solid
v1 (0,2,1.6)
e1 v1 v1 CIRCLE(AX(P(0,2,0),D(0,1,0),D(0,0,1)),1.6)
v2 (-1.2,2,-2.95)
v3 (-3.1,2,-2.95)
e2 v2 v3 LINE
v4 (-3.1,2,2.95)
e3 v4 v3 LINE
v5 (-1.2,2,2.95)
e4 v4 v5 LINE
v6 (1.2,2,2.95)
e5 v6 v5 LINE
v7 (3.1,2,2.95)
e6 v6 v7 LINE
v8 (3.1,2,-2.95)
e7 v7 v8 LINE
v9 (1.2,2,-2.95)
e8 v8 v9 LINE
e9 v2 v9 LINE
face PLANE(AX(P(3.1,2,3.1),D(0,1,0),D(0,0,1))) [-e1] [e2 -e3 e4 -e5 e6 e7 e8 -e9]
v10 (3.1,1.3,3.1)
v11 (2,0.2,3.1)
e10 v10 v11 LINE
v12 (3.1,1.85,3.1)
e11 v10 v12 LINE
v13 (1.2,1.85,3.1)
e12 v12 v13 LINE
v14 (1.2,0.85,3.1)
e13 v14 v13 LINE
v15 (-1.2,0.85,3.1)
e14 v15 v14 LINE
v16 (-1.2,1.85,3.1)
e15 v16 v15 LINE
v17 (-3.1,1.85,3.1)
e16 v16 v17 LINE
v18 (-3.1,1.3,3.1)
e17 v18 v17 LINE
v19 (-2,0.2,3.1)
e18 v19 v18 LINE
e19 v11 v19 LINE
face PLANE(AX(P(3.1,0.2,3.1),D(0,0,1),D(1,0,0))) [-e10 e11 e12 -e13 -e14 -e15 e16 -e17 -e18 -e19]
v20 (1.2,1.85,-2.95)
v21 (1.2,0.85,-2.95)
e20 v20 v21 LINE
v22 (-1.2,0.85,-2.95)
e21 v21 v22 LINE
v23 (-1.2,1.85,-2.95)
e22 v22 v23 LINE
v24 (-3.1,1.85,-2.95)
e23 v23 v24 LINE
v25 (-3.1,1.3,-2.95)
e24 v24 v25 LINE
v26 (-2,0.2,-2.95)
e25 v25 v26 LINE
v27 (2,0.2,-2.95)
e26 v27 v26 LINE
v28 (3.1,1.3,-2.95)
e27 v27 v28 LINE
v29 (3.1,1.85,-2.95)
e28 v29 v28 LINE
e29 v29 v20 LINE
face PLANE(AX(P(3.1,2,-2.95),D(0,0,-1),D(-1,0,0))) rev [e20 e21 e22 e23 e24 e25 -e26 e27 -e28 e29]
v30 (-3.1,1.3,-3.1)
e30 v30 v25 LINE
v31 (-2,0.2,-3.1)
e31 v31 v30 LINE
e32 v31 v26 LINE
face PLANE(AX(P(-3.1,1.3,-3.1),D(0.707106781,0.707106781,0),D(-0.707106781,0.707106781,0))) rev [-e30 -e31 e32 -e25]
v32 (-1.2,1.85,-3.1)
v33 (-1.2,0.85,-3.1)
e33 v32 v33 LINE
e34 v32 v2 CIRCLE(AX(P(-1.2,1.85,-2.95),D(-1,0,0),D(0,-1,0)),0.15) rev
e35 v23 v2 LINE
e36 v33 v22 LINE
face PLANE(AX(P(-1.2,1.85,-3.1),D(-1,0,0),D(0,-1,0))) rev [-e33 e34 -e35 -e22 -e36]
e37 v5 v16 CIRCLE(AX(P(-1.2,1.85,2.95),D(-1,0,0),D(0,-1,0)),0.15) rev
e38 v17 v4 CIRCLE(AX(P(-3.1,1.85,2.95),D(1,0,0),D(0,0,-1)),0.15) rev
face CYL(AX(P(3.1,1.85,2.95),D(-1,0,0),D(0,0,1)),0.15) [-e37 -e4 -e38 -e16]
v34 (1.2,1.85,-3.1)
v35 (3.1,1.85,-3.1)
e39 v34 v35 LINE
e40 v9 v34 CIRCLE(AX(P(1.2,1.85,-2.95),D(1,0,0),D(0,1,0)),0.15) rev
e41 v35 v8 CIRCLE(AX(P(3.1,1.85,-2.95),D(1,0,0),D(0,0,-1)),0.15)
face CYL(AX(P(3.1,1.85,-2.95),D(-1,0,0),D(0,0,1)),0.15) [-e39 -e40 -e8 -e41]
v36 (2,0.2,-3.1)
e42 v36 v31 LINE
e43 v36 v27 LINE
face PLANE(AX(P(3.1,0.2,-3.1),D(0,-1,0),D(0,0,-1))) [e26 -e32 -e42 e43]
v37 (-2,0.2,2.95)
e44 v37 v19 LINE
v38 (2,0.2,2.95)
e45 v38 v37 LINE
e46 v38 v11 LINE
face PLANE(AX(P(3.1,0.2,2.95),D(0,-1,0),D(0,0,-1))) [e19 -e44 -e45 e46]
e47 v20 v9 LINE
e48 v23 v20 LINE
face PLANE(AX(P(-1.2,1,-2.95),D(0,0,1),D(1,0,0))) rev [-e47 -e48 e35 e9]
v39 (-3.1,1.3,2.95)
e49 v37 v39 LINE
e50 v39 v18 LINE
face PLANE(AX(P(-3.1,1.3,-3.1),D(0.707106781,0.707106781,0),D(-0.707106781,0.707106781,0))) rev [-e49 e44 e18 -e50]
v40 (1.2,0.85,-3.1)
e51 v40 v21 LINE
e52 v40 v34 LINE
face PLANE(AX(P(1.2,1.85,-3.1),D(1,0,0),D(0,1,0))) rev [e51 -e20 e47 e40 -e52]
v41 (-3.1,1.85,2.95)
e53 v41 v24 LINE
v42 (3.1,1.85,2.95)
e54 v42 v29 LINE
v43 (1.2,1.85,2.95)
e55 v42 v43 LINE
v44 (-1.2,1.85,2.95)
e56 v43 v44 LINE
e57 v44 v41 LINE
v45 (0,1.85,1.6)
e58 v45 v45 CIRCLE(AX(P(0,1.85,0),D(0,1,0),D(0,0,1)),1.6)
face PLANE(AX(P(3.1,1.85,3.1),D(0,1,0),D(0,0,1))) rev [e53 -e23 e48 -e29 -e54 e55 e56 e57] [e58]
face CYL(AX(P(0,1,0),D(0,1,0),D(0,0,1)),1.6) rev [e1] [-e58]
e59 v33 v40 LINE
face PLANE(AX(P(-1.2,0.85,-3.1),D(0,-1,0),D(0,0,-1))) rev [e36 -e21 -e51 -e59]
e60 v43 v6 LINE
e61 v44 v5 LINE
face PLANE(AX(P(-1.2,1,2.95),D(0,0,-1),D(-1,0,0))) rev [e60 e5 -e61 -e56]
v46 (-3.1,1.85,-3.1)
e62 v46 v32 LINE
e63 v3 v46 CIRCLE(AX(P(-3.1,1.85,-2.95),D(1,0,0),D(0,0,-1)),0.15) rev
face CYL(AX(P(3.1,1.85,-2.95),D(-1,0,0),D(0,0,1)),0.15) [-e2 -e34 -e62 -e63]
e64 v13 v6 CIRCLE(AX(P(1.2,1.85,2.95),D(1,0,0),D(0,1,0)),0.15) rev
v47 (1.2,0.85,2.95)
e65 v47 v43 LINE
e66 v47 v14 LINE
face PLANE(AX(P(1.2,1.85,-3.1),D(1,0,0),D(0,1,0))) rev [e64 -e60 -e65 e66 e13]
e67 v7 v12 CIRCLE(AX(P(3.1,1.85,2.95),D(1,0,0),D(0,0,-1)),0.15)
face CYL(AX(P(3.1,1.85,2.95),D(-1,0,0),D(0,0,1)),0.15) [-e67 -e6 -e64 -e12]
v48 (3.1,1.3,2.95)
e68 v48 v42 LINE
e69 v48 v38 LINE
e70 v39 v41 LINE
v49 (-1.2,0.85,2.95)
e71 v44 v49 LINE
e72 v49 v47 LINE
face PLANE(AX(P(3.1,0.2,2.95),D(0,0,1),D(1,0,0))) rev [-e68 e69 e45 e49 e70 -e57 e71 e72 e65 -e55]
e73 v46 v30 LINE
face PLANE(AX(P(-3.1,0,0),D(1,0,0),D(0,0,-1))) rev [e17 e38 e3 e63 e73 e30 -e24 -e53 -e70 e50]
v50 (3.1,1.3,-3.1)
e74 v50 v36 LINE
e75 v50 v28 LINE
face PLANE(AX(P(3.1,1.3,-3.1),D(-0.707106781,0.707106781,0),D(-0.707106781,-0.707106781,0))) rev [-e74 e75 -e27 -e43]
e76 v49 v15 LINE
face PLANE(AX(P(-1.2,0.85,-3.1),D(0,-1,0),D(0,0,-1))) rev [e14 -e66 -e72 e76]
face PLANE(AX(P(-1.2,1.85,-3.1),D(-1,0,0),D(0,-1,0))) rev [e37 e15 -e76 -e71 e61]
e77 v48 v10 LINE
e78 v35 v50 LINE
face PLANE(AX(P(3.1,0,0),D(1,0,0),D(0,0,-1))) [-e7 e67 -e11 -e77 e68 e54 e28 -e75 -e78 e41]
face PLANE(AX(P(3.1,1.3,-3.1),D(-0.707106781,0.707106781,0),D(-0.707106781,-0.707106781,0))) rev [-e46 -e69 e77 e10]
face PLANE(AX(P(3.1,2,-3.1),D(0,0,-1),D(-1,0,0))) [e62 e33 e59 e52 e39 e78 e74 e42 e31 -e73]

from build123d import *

# Parameters (mm, degrees)
EXTRUDE_THIN3_DEPTH     = 3.1
SKETCH2_W               = 2.4
SKETCH2_H               = 1
CUT_EXTRUDE1_DEPTH      = 4.1
CUT_EXTRUDE1_DEPTH_BACK = 4.1
SKETCH3_W               = 2.4
SKETCH3_H               = 0.15
CUT_EXTRUDE2_DEPTH      = 1
FILLET1_R               = 0.15
SKETCH4_R               = 1.6
CUT_EXTRUDE3_DEPTH      = 1


with BuildPart() as part:
    # Sketch1 → Extrude-Thin3 (new body, symmetric)
    with BuildSketch(Plane(origin=(0, 0, 0), x_dir=(0, 0, -1), z_dir=(1, 0, 0))):
        Polygon((-3.1, 0.2), (-3.1, 2), (3.1, 2), (3.1, 0.2), (2.95, 0.2), (2.95, 1.85), (-2.95, 1.85), (-2.95, 0.2), align=None)
    extrude(amount=EXTRUDE_THIN3_DEPTH, both=True)

    # Sketch2 → Cut-Extrude1 (cut, two sides)
    with BuildSketch(Plane.XY) as cut_extrude1_sk:
        with Locations((0, 1.35)):
            Rectangle(SKETCH2_W, SKETCH2_H)
        Polygon((-3.1, 1.3), (-2, 0.2), (-3.1, 0.2), align=None)
        Polygon((3.1, 0.2), (3.1, 1.3), (2, 0.2), align=None)
    extrude(amount=CUT_EXTRUDE1_DEPTH, mode=Mode.SUBTRACT)
    extrude(cut_extrude1_sk.sketch, amount=-CUT_EXTRUDE1_DEPTH_BACK, mode=Mode.SUBTRACT)

    # Sketch3 → Cut-Extrude2 (cut)
    with BuildSketch(Plane(origin=(0, 2, 0), x_dir=(1, 0, 0), z_dir=(0, 1, 0))):
        with Locations((0, 3.025)):
            Rectangle(SKETCH3_W, SKETCH3_H)
        with Locations((0, -3.025)):
            Rectangle(SKETCH3_W, SKETCH3_H)
    extrude(amount=-CUT_EXTRUDE2_DEPTH, mode=Mode.SUBTRACT)

    # Fillet1
    fillet1_edges = [part.edges().sort_by_distance(p)[0] for p in [
        (-2.15, 2, -3.1),
        (2.15, 2, -3.1),
        (-2.15, 2, 3.1),
        (2.15, 2, 3.1),
    ]]
    fillet(fillet1_edges, radius=FILLET1_R)

    # Sketch4 → Cut-Extrude3 (cut)
    with BuildSketch(Plane(origin=(0, 2, 0), x_dir=(1, 0, 0), z_dir=(0, 1, 0))):
        Circle(SKETCH4_R)
    extrude(amount=-CUT_EXTRUDE3_DEPTH, mode=Mode.SUBTRACT)


solid = part.part
